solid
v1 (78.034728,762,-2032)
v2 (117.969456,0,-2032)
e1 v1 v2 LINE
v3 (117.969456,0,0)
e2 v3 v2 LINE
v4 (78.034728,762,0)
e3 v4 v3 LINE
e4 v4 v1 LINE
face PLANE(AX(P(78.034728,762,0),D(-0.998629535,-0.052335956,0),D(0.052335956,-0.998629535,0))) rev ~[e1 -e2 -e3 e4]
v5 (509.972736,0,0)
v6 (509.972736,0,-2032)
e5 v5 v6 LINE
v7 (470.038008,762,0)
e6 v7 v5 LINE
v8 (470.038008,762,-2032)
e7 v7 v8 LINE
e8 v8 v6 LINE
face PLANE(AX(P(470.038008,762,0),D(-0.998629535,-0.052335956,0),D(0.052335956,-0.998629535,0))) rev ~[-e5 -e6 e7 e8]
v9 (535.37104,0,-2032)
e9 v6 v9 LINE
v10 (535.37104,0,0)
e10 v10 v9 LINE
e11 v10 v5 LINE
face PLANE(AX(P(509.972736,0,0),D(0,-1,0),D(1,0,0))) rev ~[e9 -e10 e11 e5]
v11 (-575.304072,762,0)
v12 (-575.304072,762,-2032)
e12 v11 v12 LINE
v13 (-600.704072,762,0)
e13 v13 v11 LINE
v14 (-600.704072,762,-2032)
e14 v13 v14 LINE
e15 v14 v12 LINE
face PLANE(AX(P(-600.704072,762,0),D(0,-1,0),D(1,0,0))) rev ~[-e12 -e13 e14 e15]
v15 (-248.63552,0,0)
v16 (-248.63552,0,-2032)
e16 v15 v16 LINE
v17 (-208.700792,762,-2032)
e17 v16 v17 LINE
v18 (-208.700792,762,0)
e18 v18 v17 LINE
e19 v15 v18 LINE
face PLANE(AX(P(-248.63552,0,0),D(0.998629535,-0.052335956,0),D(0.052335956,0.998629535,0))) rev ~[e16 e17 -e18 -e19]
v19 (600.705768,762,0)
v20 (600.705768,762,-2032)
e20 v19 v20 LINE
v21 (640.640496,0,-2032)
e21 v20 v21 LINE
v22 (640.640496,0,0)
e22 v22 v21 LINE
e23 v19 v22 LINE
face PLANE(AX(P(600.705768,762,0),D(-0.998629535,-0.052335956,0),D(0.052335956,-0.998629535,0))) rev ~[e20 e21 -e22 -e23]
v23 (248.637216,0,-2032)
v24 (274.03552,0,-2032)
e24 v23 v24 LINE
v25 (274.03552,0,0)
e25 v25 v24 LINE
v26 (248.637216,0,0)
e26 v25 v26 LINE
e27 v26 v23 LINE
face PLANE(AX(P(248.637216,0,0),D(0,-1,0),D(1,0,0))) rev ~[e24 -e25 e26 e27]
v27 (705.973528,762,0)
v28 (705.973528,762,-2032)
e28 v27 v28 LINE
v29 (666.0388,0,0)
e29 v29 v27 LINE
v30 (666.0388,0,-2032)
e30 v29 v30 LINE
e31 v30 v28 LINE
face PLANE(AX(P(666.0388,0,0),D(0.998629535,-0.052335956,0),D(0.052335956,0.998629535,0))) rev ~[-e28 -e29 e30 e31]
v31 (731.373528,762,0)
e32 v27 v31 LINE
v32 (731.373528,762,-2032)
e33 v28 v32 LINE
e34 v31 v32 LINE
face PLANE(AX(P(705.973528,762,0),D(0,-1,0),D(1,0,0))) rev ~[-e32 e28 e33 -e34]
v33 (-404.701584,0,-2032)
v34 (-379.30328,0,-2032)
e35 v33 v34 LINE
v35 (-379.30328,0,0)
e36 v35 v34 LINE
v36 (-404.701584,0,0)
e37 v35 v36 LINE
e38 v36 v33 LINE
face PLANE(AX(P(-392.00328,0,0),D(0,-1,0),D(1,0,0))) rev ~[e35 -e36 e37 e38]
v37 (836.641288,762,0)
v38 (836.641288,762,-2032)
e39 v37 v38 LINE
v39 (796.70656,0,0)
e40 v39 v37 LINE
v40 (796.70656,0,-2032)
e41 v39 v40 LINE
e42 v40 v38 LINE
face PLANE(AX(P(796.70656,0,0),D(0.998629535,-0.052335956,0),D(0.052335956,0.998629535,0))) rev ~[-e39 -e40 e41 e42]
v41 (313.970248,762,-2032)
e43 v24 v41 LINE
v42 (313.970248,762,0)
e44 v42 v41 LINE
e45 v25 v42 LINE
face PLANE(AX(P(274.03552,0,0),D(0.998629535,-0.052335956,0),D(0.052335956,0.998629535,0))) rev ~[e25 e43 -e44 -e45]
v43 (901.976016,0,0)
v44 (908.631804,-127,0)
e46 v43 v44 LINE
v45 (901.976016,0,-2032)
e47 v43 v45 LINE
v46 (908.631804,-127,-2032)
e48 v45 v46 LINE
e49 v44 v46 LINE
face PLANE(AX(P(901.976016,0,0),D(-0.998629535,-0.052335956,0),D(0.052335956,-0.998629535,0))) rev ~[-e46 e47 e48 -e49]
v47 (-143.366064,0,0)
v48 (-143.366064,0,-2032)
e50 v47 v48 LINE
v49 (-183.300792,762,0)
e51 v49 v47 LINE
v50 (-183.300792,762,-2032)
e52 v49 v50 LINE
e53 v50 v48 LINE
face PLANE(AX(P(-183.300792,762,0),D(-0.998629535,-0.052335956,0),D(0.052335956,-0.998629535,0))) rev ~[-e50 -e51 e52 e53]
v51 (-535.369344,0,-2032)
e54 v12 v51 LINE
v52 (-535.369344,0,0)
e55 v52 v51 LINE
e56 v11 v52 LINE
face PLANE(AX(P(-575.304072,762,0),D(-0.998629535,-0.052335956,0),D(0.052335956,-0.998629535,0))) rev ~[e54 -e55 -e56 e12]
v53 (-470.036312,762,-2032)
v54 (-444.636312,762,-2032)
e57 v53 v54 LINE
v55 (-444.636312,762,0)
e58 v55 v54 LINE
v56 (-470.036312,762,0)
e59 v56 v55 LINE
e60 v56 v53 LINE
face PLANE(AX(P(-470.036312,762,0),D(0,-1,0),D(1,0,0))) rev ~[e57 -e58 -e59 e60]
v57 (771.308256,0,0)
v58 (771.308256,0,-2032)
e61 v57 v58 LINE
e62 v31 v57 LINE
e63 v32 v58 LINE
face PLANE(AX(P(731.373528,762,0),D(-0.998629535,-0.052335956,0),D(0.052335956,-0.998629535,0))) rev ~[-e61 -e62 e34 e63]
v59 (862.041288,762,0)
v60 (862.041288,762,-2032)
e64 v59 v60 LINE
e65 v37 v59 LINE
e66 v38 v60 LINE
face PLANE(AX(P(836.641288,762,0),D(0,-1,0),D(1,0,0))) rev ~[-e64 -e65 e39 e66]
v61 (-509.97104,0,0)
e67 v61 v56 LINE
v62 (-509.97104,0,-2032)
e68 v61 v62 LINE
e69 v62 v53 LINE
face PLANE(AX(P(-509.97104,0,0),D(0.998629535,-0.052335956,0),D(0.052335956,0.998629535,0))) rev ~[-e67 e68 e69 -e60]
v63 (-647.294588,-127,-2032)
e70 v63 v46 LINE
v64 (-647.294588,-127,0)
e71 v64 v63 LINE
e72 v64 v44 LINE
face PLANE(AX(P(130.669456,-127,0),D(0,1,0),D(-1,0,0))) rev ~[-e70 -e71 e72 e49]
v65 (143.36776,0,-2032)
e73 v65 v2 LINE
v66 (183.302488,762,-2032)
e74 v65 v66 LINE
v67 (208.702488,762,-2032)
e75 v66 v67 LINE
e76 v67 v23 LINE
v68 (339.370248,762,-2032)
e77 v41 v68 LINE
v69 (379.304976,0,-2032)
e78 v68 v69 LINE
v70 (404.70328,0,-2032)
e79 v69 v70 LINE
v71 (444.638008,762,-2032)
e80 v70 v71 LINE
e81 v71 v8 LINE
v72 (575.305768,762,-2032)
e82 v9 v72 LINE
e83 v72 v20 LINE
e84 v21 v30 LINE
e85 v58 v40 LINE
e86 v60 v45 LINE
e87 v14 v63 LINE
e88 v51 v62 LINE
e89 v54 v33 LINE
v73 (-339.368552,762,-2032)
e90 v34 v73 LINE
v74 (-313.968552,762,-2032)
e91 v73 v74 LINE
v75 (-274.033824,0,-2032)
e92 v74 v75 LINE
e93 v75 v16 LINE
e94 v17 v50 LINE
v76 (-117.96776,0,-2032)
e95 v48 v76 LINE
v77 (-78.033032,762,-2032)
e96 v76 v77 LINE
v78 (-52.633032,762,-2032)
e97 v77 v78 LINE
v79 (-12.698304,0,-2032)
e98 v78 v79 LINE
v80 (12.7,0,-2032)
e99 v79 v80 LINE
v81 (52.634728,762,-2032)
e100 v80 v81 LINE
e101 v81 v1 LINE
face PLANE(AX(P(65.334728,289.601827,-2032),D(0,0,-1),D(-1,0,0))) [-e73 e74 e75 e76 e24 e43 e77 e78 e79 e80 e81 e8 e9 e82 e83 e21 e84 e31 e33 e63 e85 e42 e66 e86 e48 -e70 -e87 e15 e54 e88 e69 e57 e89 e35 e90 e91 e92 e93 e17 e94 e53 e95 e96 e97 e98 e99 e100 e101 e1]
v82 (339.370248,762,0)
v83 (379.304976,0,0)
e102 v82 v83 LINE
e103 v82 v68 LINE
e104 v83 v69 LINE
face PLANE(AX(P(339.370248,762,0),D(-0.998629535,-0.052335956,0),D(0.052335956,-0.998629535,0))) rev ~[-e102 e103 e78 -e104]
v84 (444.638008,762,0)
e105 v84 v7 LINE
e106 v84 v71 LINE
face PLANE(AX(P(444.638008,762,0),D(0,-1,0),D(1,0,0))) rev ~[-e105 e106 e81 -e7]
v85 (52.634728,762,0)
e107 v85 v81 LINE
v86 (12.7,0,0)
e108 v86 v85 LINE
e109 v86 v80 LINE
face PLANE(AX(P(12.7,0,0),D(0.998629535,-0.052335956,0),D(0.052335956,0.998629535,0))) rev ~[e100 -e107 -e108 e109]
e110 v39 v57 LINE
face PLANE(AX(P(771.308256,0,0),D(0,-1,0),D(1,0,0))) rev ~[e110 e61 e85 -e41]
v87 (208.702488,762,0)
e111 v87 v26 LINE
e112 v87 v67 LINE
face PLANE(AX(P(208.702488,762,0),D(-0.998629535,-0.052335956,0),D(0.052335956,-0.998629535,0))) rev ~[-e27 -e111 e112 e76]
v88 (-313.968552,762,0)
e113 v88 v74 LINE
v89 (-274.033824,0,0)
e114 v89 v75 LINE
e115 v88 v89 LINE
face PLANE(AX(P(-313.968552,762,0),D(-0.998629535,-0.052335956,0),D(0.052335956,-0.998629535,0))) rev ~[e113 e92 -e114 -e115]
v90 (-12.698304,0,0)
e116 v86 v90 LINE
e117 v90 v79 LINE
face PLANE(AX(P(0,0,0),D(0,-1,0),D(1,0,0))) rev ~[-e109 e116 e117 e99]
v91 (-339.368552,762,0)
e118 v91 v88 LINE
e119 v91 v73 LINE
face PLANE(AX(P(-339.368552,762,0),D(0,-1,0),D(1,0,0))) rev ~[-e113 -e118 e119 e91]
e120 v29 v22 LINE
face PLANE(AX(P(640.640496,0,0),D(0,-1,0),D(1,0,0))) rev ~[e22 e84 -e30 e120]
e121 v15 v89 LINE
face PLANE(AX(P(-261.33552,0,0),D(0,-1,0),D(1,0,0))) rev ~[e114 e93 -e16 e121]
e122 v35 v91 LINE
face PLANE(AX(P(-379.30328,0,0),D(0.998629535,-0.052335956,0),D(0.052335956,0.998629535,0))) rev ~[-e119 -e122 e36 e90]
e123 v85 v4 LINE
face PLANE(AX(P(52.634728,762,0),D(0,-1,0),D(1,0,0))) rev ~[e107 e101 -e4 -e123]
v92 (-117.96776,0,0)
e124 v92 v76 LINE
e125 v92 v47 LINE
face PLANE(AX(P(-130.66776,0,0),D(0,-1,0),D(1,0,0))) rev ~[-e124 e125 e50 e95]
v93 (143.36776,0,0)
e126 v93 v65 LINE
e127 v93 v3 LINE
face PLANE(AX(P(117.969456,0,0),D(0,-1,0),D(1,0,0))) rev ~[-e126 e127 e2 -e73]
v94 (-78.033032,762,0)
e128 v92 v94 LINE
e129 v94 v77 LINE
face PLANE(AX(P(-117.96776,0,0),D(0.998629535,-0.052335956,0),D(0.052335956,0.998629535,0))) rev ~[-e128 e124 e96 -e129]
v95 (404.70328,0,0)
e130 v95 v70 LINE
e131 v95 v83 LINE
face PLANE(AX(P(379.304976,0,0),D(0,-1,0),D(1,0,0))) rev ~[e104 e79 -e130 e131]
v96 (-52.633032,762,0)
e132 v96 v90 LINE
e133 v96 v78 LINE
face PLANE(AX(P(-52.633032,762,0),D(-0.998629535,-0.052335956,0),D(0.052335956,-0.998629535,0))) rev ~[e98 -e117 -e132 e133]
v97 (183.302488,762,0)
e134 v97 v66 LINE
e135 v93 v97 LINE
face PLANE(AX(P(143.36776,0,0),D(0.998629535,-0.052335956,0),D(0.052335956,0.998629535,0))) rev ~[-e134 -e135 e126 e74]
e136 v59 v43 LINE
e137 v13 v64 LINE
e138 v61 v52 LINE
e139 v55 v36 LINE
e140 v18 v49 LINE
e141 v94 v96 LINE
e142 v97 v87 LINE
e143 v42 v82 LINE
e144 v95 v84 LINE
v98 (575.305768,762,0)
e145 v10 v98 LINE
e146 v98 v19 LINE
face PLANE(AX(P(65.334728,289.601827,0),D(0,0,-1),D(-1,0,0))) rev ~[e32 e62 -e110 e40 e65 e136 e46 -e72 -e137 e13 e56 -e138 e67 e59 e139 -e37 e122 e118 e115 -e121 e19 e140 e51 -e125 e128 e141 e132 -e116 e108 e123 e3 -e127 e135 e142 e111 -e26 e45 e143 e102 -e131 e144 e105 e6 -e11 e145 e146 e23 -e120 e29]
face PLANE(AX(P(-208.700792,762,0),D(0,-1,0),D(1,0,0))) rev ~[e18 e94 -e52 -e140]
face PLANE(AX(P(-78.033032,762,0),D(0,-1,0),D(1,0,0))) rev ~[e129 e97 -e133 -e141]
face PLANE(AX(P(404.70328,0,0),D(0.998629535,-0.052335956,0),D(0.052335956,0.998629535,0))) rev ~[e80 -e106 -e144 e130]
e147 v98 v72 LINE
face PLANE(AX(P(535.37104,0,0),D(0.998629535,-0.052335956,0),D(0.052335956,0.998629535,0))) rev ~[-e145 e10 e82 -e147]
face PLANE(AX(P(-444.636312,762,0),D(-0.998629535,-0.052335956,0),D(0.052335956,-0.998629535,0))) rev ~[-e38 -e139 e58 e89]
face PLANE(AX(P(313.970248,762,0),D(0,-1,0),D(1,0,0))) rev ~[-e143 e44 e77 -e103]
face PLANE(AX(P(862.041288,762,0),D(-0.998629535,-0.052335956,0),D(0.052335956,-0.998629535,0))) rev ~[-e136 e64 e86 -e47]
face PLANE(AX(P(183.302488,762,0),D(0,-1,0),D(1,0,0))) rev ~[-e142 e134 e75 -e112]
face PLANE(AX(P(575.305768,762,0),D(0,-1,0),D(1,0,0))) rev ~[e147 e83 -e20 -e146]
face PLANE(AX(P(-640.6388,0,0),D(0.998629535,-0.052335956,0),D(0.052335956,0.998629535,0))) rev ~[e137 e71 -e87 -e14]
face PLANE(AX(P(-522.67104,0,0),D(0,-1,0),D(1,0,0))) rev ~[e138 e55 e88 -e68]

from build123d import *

# Parameters (mm, degrees)
BOSS_EXTRUDE1_DEPTH  = 2032
LPATTERN1_COUNT      = 6
LPATTERN1_PITCH      = 130.66776
LPATTERN1_COUNT_DIR2 = 7
LPATTERN1_PITCH_DIR2 = 130.66776
CUT_EXTRUDE1_DEPTH   = 2032


with BuildPart() as part:
    # Sketch1 → Boss-Extrude1 (new body)
    with BuildSketch(Plane.XY):
        Polygon((0, 0), (12.7, 0), (52.634727814, 762), (78.034727814, 762), (117.969455627, 0), (130.669455627, 0), (130.669455627, -127), (0, -127), align=None)
    boss_extrude1 = extrude(amount=-BOSS_EXTRUDE1_DEPTH)

    # LPattern1: Boss-Extrude1 6 × 7
    with Locations(*[Vector(-1, 0, 0) * (i * LPATTERN1_PITCH) + Vector(1, 0, 0) * (j * LPATTERN1_PITCH_DIR2) for i in range(LPATTERN1_COUNT) for j in range(LPATTERN1_COUNT_DIR2) if (i, j) != (0, 0)]):
        add(boss_extrude1)

    # Sketch2 → Cut-Extrude1 (cut)
    with BuildSketch(Plane.XY):
        Polygon((-640.6388, 0), (-647.294587969, -127), (-653.3388, -127), (-653.3388, 0), align=None)
        Polygon((901.976015627, 0), (908.631803596, -127), (914.676015627, -127), (914.676015627, 0), align=None)
    extrude(amount=-CUT_EXTRUDE1_DEPTH, mode=Mode.SUBTRACT)


solid = part.part
